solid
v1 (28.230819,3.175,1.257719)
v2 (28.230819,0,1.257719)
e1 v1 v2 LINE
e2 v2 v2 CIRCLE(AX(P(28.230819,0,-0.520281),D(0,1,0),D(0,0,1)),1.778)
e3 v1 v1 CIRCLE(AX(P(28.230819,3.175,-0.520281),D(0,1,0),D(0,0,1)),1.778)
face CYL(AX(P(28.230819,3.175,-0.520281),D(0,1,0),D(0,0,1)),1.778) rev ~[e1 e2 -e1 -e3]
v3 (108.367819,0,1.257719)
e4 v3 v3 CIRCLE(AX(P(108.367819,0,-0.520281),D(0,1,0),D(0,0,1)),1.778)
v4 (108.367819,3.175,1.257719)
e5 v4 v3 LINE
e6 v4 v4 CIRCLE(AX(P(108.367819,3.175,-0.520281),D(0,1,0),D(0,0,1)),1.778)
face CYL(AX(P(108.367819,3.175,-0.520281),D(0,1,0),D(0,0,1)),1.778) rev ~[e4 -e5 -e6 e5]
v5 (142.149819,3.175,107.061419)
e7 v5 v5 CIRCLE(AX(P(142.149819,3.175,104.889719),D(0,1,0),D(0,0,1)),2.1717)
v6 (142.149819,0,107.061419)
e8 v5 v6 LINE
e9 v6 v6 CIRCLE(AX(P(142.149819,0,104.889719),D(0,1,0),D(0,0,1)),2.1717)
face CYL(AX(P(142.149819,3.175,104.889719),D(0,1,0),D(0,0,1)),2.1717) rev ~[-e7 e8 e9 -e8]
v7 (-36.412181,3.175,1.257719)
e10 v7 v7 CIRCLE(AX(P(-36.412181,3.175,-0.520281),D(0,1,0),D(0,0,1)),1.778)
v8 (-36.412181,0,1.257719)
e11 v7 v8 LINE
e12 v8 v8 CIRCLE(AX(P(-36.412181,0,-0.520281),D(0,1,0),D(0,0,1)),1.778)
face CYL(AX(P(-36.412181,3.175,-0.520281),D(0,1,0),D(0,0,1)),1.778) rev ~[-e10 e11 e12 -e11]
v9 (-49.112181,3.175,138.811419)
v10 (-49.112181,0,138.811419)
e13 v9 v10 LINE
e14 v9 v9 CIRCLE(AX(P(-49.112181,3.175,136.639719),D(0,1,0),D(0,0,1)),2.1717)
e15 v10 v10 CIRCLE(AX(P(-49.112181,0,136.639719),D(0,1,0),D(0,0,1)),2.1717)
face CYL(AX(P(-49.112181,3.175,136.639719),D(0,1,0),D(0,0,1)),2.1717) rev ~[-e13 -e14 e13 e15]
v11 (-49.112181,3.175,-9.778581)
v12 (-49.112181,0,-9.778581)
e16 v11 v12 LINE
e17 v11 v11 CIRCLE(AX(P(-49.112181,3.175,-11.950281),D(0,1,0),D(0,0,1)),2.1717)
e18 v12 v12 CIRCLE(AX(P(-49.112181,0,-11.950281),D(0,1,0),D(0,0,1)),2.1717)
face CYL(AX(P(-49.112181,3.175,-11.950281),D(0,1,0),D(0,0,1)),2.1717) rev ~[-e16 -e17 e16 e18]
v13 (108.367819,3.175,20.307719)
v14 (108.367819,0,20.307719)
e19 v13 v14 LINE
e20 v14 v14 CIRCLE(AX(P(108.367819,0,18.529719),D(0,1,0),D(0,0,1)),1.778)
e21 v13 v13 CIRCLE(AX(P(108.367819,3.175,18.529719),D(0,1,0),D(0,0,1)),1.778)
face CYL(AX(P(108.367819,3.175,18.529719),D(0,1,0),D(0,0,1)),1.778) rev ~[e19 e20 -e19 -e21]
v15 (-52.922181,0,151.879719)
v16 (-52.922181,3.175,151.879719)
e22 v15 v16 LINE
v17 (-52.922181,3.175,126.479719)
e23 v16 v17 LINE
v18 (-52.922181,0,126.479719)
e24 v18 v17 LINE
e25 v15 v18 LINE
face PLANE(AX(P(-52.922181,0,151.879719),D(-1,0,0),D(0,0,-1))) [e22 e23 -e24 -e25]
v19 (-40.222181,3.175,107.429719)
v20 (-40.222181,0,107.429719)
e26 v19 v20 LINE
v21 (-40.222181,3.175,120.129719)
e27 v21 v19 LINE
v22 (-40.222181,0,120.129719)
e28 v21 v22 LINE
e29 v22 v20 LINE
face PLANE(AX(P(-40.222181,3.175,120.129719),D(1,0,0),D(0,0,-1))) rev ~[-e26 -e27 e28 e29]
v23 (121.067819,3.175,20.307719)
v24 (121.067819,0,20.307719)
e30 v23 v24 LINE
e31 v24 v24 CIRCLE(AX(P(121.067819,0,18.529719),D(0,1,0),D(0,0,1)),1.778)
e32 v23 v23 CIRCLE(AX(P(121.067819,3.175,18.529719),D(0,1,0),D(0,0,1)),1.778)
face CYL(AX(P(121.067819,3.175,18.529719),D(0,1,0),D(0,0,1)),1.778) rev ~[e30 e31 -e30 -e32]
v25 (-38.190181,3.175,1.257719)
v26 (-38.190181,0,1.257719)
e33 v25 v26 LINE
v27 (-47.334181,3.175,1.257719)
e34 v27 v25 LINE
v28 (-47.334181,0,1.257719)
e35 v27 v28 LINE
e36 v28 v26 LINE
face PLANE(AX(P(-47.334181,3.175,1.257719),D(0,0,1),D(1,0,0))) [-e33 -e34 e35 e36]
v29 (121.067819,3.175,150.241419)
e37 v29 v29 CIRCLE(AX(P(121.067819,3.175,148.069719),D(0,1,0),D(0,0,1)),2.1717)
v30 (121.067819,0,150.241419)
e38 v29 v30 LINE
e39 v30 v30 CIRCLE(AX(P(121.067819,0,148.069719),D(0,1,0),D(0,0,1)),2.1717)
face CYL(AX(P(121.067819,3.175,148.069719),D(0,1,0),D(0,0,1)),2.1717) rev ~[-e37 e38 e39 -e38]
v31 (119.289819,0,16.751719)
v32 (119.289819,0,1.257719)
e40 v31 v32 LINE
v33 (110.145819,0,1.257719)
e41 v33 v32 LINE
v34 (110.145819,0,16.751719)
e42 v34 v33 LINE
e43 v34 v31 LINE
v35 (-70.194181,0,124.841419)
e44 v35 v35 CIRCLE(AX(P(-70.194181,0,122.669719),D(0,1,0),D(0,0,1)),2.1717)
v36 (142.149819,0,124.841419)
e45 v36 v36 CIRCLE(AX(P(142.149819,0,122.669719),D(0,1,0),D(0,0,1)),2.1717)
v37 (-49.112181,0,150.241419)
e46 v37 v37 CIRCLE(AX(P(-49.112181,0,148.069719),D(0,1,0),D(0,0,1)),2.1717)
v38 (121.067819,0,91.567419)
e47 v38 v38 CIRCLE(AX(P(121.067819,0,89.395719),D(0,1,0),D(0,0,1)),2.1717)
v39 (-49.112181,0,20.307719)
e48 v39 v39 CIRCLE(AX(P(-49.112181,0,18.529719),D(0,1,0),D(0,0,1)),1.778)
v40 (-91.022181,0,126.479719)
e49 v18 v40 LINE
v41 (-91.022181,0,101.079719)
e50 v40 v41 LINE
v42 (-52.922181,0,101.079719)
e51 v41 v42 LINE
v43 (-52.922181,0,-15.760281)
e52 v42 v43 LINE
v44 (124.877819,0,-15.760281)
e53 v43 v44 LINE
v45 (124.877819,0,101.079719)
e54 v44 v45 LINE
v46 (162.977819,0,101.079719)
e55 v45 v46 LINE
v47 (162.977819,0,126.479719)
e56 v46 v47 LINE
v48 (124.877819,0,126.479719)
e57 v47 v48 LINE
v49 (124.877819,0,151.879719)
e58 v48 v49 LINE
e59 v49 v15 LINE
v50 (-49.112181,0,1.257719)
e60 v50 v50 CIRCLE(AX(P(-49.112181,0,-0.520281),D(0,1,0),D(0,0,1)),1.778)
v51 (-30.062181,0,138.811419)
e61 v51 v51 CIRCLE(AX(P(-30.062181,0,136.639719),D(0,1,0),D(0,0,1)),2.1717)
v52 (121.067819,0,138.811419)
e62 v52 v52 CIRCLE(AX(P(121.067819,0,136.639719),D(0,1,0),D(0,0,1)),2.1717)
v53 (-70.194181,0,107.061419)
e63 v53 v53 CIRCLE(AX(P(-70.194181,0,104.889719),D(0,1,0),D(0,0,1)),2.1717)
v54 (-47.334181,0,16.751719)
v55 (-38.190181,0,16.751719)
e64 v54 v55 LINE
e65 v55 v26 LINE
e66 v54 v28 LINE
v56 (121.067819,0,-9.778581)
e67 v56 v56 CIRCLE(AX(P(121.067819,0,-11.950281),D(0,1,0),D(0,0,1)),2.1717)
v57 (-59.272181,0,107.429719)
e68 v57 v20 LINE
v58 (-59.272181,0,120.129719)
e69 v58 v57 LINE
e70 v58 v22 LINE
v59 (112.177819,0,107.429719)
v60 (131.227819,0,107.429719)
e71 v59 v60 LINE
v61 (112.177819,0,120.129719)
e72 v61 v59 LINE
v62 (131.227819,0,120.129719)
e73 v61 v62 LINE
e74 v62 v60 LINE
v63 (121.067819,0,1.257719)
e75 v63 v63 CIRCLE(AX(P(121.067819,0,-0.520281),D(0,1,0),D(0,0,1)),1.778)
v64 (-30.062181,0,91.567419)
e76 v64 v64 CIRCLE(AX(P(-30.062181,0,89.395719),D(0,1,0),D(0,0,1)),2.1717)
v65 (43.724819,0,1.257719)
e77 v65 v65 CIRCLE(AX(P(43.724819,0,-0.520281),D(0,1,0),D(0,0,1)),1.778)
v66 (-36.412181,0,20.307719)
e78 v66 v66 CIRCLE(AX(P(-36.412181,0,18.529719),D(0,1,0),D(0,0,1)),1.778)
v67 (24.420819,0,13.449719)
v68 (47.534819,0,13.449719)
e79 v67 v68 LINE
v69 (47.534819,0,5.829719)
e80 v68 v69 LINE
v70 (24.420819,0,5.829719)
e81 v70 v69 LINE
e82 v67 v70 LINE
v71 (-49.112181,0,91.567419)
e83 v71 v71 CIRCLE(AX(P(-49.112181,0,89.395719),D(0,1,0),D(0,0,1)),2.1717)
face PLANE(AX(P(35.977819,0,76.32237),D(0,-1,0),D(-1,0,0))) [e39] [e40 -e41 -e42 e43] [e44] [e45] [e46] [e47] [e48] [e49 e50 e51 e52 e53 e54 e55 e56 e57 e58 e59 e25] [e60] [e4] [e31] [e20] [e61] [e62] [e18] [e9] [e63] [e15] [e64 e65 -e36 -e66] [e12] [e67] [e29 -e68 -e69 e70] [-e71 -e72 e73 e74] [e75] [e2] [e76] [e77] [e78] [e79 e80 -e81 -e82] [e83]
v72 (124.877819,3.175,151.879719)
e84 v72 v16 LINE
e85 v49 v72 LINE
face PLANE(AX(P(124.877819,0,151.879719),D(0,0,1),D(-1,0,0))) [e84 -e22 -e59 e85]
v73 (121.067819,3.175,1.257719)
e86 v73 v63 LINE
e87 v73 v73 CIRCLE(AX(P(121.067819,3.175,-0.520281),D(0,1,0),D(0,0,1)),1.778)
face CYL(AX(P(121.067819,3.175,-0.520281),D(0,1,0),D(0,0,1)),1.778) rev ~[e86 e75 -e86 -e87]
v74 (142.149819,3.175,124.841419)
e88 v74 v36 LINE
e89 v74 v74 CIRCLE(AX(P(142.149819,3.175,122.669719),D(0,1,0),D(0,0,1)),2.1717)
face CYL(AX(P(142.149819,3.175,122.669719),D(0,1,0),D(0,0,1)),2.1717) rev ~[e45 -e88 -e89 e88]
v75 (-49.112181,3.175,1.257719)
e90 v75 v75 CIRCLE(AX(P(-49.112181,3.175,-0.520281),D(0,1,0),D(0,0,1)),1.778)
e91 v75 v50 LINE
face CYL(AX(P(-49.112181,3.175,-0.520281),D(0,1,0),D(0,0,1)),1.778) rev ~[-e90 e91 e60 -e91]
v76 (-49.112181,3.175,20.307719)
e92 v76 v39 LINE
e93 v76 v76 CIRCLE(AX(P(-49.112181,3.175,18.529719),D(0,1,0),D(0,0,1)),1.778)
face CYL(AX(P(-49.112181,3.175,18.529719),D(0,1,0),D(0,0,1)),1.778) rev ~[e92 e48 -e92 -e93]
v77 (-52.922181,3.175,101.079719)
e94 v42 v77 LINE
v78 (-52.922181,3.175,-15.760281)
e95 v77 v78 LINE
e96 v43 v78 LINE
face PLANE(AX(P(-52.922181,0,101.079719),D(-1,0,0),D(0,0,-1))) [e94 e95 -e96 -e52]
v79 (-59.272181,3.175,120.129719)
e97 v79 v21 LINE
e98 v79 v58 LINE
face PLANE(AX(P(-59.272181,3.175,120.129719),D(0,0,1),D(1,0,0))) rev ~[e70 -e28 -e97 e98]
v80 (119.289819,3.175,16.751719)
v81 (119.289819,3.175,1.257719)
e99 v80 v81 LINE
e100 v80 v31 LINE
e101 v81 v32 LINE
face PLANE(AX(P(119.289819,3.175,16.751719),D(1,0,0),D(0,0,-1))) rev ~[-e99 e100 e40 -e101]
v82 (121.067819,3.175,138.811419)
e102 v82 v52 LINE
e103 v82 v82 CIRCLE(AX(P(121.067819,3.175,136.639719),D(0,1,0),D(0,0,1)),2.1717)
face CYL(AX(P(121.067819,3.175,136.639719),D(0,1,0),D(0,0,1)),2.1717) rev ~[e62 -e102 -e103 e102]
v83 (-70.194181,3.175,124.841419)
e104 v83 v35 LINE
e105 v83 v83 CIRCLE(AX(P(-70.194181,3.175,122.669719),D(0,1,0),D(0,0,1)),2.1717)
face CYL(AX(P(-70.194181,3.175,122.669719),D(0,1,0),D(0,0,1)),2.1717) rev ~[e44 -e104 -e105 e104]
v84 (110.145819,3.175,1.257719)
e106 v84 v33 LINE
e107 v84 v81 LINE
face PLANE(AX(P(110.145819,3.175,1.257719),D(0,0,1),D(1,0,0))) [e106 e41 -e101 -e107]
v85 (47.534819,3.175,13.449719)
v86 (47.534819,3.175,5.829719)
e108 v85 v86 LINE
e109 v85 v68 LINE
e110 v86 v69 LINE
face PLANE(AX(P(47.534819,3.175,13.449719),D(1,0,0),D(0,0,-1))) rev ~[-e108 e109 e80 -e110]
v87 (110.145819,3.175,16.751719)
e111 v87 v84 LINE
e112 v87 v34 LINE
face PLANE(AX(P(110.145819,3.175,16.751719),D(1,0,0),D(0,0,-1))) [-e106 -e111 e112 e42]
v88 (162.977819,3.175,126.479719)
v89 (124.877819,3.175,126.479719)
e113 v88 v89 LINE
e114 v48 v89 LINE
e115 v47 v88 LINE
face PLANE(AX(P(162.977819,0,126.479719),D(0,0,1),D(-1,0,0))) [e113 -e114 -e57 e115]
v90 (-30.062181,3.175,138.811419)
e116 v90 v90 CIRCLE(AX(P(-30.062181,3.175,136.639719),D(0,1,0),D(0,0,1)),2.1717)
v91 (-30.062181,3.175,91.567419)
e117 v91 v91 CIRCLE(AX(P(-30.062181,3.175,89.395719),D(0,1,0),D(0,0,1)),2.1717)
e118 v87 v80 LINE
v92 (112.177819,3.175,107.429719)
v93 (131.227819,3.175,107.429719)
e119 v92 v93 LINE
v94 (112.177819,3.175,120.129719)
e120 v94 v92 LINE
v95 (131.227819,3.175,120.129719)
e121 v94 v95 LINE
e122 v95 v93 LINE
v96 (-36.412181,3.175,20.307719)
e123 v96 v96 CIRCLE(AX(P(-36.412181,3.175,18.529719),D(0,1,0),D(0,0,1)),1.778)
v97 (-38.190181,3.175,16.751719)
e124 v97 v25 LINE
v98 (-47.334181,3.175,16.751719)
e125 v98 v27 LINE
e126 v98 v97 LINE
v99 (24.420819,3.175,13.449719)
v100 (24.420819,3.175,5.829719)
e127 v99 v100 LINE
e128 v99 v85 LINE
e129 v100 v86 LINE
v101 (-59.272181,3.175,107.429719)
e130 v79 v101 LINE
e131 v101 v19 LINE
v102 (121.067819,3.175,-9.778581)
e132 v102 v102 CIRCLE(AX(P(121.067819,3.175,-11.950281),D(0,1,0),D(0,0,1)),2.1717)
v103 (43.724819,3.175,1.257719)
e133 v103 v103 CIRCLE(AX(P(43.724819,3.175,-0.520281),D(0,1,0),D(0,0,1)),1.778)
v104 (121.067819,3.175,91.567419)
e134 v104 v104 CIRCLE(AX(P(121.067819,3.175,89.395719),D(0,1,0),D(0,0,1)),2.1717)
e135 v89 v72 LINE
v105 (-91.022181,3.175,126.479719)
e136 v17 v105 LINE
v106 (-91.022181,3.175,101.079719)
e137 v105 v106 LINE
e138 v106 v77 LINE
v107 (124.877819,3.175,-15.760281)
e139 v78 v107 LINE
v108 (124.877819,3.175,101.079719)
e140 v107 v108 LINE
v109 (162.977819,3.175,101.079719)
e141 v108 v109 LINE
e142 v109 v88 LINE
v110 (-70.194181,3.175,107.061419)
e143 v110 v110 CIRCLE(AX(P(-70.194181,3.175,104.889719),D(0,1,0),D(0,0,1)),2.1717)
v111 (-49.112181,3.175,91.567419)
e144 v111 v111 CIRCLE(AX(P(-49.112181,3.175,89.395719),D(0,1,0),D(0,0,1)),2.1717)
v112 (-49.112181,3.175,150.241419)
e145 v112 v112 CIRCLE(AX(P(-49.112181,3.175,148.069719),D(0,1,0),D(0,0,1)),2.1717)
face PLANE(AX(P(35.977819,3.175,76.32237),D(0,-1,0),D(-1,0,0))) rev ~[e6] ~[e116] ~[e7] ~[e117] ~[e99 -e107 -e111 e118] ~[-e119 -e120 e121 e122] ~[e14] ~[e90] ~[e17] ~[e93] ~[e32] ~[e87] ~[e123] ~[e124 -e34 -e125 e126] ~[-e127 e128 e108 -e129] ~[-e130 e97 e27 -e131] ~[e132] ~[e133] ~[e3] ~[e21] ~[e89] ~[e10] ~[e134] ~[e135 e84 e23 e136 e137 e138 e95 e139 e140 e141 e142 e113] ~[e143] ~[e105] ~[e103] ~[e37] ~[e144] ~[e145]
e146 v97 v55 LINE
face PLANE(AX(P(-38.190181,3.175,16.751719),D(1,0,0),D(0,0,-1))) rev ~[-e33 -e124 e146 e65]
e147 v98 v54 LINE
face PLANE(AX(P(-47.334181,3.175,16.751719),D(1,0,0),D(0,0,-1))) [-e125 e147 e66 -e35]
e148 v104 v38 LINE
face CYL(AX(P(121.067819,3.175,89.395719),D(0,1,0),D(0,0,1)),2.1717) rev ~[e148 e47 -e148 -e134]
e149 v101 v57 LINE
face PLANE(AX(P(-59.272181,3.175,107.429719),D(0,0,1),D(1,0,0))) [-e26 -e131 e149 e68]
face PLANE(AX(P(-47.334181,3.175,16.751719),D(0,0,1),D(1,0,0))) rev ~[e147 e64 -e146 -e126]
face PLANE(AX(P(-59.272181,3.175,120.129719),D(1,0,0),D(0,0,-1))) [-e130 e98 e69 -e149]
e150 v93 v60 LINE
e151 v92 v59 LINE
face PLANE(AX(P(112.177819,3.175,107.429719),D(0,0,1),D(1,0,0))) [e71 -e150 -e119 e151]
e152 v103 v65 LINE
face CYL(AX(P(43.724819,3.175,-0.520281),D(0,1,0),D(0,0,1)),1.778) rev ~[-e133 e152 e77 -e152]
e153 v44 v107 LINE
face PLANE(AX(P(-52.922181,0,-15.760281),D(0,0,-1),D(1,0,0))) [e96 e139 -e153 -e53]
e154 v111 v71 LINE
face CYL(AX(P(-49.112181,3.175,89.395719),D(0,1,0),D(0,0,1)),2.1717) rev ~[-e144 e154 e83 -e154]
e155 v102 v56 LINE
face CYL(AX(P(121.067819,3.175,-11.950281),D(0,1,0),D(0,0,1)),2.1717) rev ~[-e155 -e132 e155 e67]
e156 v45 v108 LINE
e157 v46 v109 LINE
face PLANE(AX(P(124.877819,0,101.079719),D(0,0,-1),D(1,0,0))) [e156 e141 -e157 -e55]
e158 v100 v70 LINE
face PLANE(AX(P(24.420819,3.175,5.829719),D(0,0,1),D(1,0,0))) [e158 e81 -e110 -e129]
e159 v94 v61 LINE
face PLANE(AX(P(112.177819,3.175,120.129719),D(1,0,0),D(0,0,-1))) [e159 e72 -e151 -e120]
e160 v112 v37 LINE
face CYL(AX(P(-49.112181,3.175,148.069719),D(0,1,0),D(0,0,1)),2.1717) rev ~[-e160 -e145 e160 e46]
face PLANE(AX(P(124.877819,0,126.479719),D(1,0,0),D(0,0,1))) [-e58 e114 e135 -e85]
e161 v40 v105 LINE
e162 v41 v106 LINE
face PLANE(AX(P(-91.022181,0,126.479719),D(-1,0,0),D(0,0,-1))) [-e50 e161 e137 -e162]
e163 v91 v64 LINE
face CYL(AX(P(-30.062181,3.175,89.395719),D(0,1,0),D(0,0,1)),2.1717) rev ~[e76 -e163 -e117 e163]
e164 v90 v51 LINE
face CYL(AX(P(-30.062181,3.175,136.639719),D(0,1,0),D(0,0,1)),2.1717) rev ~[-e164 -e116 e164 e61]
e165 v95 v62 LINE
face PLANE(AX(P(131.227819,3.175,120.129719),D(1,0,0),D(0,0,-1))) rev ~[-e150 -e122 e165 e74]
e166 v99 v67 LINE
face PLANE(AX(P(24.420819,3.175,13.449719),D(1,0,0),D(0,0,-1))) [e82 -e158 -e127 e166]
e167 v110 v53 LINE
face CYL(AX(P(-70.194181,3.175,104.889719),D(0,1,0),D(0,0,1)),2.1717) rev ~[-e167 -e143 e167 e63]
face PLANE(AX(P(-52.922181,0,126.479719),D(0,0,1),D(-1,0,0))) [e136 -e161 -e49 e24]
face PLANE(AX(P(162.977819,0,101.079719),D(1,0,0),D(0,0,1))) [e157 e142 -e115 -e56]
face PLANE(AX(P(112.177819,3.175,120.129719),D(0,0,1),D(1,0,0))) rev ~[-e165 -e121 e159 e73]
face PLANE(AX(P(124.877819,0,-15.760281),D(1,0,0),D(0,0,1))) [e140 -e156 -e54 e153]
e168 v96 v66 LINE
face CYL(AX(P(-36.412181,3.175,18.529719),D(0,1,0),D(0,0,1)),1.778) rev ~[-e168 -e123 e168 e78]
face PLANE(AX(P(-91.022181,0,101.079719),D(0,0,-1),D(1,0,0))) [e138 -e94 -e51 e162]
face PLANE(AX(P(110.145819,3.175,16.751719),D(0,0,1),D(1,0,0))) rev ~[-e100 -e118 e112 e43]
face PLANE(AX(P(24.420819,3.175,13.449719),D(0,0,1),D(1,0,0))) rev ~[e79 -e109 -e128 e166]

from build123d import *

# Parameters (mm, degrees)
BOSS_EXTRUDE1_DEPTH = 3.175
SKETCH2_R           = 2.1717
SKETCH2_R_2         = 1.778
SKETCH2_W           = 9.144
SKETCH2_H           = 15.494
SKETCH2_W_2         = 23.114
SKETCH2_H_2         = 7.62
SKETCH2_W_3         = 19.05
SKETCH2_H_3         = 12.7
CUT_EXTRUDE1_DEPTH  = 3.175


with BuildPart() as part:
    # Sketch1 → Boss-Extrude1 (new body)
    with BuildSketch(Plane(origin=(0, 0, 0), x_dir=(1, 0, 0), z_dir=(0, 1, 0))):
        Polygon((-52.922181171, 15.760280827), (124.877818829, 15.760280827), (124.877818829, -101.079719173), (162.977818829, -101.079719173), (162.977818829, -126.479719173), (124.877818829, -126.479719173), (124.877818829, -151.879719173), (-52.922181171, -151.879719173), (-52.922181171, -126.479719173), (-91.022181171, -126.479719173), (-91.022181171, -101.079719173), (-52.922181171, -101.079719173), align=None)
    extrude(amount=BOSS_EXTRUDE1_DEPTH)

    # Sketch2 → Cut-Extrude1 (cut)
    with BuildSketch(Plane(origin=(0, 3.175, 0), x_dir=(1, 0, 0), z_dir=(0, 1, 0))):
        with Locations(Location((-49.112181171, 11.950280827, 0), (0, 0, 270))):
            Circle(SKETCH2_R)
        with Locations(Location((121.067818829, 11.950280827, 0), (0, 0, 270))):
            Circle(SKETCH2_R)
        with Locations(Location((-49.112181171, -148.069719173, 0), (0, 0, 270))):
            Circle(SKETCH2_R)
        with Locations(Location((121.067818829, -148.069719173, 0), (0, 0, 270))):
            Circle(SKETCH2_R)
        with Locations(Location((-49.112181171, -136.639719173, 0), (0, 0, 270))):
            Circle(SKETCH2_R)
        with Locations(Location((-49.112181171, -89.395719173, 0), (0, 0, 270))):
            Circle(SKETCH2_R)
        with Locations(Location((-30.062181171, -136.639719173, 0), (0, 0, 270))):
            Circle(SKETCH2_R)
        with Locations(Location((-30.062181171, -89.395719173, 0), (0, 0, 270))):
            Circle(SKETCH2_R)
        with Locations(Location((121.067818829, -136.639719173, 0), (0, 0, 270))):
            Circle(SKETCH2_R)
        with Locations(Location((121.067818829, -89.395719173, 0), (0, 0, 270))):
            Circle(SKETCH2_R)
        with Locations(Location((-49.112181171, 0.520280827, 0), (0, 0, 270))):
            Circle(SKETCH2_R_2)
        with Locations(Location((-49.112181171, -18.529719173, 0), (0, 0, 270))):
            Circle(SKETCH2_R_2)
        with Locations(Location((-36.412181171, 0.520280827, 0), (0, 0, 270))):
            Circle(SKETCH2_R_2)
        with Locations(Location((-36.412181171, -18.529719173, 0), (0, 0, 270))):
            Circle(SKETCH2_R_2)
        with Locations(Location((121.067818829, 0.520280827, 0), (0, 0, 270))):
            Circle(SKETCH2_R_2)
        with Locations(Location((121.067818829, -18.529719173, 0), (0, 0, 270))):
            Circle(SKETCH2_R_2)
        with Locations(Location((108.367818829, 0.520280827, 0), (0, 0, 270))):
            Circle(SKETCH2_R_2)
        with Locations(Location((108.367818829, -18.529719173, 0), (0, 0, 270))):
            Circle(SKETCH2_R_2)
        with Locations(Location((28.230818829, 0.520280827, 0), (0, 0, 270))):
            Circle(SKETCH2_R_2)
        with Locations(Location((43.724818829, 0.520280827, 0), (0, 0, 270))):
            Circle(SKETCH2_R_2)
        with Locations(Location((-70.194181171, -104.889719173, 0), (0, 0, 270))):
            Circle(SKETCH2_R)
        with Locations(Location((-70.194181171, -122.669719173, 0), (0, 0, 270))):
            Circle(SKETCH2_R)
        with Locations(Location((142.149818829, -104.889719173, 0), (0, 0, 270))):
            Circle(SKETCH2_R)
        with Locations(Location((142.149818829, -122.669719173, 0), (0, 0, 270))):
            Circle(SKETCH2_R)
        with Locations((-42.762181171, -9.004719173)):
            Rectangle(SKETCH2_W, SKETCH2_H)
        with Locations((114.717818829, -9.004719173)):
            Rectangle(SKETCH2_W, SKETCH2_H)
        with Locations((35.977818829, -9.639719173)):
            Rectangle(SKETCH2_W_2, SKETCH2_H_2)
        with Locations((-49.747181171, -113.779719173)):
            Rectangle(SKETCH2_W_3, SKETCH2_H_3)
        with Locations((121.702818829, -113.779719173)):
            Rectangle(SKETCH2_W_3, SKETCH2_H_3)
    extrude(amount=-CUT_EXTRUDE1_DEPTH, mode=Mode.SUBTRACT)


solid = part.part
